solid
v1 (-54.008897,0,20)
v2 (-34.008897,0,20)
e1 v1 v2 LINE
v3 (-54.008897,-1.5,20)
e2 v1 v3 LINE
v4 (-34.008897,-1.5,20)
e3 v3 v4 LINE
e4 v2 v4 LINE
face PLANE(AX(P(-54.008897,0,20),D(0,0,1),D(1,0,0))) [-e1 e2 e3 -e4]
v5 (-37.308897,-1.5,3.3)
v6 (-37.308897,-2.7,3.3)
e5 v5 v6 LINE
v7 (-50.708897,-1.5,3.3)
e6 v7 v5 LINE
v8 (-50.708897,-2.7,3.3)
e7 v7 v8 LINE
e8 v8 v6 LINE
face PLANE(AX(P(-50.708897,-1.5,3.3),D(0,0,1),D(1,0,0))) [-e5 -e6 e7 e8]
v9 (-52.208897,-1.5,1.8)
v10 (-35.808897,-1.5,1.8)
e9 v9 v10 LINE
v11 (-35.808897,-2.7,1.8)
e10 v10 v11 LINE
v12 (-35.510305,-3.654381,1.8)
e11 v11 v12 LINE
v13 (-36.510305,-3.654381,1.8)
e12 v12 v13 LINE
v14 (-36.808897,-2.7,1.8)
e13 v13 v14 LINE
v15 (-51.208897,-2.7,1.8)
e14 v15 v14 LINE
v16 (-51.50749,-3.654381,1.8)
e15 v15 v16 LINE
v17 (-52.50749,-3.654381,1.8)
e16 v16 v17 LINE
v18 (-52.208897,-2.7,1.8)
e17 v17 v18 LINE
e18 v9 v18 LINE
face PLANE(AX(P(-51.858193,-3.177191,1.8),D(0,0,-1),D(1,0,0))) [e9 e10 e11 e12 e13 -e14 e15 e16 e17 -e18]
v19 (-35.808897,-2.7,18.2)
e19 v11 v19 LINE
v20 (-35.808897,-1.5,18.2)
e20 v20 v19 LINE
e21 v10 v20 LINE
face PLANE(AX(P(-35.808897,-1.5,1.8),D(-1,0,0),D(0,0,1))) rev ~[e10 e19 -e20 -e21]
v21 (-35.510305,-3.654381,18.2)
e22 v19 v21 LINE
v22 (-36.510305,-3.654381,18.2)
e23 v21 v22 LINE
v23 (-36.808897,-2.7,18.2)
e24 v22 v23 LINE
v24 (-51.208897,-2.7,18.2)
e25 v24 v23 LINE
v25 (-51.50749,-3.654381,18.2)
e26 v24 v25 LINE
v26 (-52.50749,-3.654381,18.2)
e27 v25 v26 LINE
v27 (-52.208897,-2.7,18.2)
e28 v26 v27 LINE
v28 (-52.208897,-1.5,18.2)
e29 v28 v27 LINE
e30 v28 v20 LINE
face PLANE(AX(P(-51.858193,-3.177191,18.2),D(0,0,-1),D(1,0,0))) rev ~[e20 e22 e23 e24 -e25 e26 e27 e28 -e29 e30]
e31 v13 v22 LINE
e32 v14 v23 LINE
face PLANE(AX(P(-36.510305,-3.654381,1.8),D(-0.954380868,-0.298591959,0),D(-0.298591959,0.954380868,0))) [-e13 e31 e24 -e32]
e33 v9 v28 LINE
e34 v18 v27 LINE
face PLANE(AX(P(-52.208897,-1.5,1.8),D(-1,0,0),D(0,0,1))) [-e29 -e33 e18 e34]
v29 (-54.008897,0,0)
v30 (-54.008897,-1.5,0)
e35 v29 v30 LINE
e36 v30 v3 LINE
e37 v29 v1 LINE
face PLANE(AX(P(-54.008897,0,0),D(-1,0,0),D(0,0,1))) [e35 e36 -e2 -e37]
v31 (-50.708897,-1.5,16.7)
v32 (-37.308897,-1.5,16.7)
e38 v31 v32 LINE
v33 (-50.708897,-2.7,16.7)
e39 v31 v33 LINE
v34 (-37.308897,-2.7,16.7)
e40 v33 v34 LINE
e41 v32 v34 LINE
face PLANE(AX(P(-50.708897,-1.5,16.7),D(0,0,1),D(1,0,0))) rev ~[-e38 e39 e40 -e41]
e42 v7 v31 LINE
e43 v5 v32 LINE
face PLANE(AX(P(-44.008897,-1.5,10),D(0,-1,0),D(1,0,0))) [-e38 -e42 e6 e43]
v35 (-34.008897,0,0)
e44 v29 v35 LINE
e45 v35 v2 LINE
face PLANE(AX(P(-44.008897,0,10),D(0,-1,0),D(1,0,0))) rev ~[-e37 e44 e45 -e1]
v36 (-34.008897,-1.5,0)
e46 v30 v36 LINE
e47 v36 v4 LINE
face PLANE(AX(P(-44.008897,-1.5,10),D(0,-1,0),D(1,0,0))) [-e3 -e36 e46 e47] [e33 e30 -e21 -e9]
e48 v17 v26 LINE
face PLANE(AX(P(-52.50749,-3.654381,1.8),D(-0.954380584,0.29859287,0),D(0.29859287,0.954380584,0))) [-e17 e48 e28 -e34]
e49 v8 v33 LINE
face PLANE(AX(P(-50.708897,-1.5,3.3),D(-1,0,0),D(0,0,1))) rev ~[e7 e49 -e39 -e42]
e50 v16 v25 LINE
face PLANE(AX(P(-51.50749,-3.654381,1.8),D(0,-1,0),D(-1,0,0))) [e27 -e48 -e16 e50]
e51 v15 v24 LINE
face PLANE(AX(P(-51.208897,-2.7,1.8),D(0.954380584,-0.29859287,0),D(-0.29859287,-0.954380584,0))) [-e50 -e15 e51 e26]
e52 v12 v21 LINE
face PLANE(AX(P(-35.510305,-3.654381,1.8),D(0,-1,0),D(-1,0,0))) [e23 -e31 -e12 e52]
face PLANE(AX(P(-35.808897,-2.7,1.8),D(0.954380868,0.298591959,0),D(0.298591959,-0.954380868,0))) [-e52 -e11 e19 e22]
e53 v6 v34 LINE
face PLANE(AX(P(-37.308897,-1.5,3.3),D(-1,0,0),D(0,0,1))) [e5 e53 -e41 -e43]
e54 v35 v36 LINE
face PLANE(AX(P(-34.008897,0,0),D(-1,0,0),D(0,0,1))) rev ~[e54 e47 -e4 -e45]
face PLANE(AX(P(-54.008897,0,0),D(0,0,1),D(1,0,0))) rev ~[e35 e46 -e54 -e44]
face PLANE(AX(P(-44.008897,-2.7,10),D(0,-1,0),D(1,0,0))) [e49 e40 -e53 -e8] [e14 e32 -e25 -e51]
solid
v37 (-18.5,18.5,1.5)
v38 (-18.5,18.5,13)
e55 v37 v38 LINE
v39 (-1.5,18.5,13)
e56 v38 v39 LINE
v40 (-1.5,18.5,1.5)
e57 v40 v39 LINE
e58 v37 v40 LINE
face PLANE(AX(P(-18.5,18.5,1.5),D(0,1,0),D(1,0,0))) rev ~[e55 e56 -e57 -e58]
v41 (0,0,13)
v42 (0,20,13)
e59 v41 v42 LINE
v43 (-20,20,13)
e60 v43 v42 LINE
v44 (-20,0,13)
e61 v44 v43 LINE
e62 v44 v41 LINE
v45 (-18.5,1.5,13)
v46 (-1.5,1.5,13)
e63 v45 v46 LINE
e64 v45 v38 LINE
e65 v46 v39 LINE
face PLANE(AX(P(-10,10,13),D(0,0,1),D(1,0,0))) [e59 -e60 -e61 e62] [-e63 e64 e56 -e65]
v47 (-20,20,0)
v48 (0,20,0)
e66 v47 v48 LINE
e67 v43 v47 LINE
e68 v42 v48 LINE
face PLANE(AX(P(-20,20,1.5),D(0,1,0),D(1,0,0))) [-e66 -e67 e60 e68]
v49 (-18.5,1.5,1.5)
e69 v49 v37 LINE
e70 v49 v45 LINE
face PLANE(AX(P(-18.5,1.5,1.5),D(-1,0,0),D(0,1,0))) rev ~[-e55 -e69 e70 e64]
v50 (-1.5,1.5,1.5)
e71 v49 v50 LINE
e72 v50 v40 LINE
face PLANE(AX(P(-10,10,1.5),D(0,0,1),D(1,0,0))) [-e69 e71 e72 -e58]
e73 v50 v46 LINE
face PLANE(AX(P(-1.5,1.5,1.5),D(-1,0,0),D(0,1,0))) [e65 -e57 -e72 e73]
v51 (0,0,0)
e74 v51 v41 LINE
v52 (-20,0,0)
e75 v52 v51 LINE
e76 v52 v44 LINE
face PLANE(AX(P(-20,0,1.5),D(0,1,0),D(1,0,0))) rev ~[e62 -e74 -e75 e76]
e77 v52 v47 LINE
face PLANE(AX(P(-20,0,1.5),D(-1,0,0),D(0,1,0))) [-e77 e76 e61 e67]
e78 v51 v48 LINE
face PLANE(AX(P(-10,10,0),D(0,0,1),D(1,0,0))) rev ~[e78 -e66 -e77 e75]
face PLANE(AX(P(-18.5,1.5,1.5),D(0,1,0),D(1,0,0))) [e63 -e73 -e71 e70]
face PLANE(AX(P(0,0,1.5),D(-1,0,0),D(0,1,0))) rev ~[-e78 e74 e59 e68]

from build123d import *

# Parameters (mm, degrees)
F0_W     = 20
F0_H     = 20
F1_DEPTH = 1.5
F2_W     = 20
F2_H     = 20
F2_W_2   = 17
F2_H_2   = 17
F3_DEPTH = 11.5
F4_W     = 20
F4_H     = 20
F5_DEPTH = 1.5
F6_W     = 16.4
F6_H     = 16.4
F6_W_2   = 13.4
F6_H_2   = 13.4
F7_DEPTH = 1.2
F9_DEPTH = 16.4


with BuildPart() as f1:
    # F0 (on Top) → F1 (new body)
    with BuildSketch(Plane.XY):
        with Locations((-10, 10)):
            Rectangle(F0_W, F0_H)
    extrude(amount=F1_DEPTH)

    # F2 (on face) → F3 (join)
    with BuildSketch(Plane.XY.offset(1.5)):
        with Locations((-10, 10)):
            Rectangle(F2_W, F2_H)
        with Locations((-10, 10)):
            Rectangle(F2_W_2, F2_H_2, mode=Mode.SUBTRACT)
    extrude(amount=F3_DEPTH)


with BuildPart() as f5:
    # F4 (on Front) → F5 (new body)
    with BuildSketch(Plane.XZ):
        with Locations((-44.008897, 10)):
            Rectangle(F4_W, F4_H)
    extrude(amount=F5_DEPTH)

    # F6 (on face) → F7 (join)
    with BuildSketch(Plane.XZ.offset(1.5)):
        with Locations((-44.008897, 10)):
            Rectangle(F6_W, F6_H)
        with Locations((-44.008897, 10)):
            Rectangle(F6_W_2, F6_H_2, mode=Mode.SUBTRACT)
    extrude(amount=F7_DEPTH)

    # F8 (on face) → F9 (join)
    with BuildSketch(Plane(origin=(0, 0, 1.8), x_dir=(1, 0, 0), z_dir=(0, 0, -1))):
        Polygon((-52.50749, 3.654381), (-52.208897, 2.7), (-51.208897, 2.7), (-51.50749, 3.654381), align=None)
        Polygon((-35.510305, 3.654381), (-36.510305, 3.654381), (-36.808897, 2.7), (-35.808897, 2.7), align=None)
    extrude(amount=-F9_DEPTH)


solid = Compound([f1.part, f5.part])
